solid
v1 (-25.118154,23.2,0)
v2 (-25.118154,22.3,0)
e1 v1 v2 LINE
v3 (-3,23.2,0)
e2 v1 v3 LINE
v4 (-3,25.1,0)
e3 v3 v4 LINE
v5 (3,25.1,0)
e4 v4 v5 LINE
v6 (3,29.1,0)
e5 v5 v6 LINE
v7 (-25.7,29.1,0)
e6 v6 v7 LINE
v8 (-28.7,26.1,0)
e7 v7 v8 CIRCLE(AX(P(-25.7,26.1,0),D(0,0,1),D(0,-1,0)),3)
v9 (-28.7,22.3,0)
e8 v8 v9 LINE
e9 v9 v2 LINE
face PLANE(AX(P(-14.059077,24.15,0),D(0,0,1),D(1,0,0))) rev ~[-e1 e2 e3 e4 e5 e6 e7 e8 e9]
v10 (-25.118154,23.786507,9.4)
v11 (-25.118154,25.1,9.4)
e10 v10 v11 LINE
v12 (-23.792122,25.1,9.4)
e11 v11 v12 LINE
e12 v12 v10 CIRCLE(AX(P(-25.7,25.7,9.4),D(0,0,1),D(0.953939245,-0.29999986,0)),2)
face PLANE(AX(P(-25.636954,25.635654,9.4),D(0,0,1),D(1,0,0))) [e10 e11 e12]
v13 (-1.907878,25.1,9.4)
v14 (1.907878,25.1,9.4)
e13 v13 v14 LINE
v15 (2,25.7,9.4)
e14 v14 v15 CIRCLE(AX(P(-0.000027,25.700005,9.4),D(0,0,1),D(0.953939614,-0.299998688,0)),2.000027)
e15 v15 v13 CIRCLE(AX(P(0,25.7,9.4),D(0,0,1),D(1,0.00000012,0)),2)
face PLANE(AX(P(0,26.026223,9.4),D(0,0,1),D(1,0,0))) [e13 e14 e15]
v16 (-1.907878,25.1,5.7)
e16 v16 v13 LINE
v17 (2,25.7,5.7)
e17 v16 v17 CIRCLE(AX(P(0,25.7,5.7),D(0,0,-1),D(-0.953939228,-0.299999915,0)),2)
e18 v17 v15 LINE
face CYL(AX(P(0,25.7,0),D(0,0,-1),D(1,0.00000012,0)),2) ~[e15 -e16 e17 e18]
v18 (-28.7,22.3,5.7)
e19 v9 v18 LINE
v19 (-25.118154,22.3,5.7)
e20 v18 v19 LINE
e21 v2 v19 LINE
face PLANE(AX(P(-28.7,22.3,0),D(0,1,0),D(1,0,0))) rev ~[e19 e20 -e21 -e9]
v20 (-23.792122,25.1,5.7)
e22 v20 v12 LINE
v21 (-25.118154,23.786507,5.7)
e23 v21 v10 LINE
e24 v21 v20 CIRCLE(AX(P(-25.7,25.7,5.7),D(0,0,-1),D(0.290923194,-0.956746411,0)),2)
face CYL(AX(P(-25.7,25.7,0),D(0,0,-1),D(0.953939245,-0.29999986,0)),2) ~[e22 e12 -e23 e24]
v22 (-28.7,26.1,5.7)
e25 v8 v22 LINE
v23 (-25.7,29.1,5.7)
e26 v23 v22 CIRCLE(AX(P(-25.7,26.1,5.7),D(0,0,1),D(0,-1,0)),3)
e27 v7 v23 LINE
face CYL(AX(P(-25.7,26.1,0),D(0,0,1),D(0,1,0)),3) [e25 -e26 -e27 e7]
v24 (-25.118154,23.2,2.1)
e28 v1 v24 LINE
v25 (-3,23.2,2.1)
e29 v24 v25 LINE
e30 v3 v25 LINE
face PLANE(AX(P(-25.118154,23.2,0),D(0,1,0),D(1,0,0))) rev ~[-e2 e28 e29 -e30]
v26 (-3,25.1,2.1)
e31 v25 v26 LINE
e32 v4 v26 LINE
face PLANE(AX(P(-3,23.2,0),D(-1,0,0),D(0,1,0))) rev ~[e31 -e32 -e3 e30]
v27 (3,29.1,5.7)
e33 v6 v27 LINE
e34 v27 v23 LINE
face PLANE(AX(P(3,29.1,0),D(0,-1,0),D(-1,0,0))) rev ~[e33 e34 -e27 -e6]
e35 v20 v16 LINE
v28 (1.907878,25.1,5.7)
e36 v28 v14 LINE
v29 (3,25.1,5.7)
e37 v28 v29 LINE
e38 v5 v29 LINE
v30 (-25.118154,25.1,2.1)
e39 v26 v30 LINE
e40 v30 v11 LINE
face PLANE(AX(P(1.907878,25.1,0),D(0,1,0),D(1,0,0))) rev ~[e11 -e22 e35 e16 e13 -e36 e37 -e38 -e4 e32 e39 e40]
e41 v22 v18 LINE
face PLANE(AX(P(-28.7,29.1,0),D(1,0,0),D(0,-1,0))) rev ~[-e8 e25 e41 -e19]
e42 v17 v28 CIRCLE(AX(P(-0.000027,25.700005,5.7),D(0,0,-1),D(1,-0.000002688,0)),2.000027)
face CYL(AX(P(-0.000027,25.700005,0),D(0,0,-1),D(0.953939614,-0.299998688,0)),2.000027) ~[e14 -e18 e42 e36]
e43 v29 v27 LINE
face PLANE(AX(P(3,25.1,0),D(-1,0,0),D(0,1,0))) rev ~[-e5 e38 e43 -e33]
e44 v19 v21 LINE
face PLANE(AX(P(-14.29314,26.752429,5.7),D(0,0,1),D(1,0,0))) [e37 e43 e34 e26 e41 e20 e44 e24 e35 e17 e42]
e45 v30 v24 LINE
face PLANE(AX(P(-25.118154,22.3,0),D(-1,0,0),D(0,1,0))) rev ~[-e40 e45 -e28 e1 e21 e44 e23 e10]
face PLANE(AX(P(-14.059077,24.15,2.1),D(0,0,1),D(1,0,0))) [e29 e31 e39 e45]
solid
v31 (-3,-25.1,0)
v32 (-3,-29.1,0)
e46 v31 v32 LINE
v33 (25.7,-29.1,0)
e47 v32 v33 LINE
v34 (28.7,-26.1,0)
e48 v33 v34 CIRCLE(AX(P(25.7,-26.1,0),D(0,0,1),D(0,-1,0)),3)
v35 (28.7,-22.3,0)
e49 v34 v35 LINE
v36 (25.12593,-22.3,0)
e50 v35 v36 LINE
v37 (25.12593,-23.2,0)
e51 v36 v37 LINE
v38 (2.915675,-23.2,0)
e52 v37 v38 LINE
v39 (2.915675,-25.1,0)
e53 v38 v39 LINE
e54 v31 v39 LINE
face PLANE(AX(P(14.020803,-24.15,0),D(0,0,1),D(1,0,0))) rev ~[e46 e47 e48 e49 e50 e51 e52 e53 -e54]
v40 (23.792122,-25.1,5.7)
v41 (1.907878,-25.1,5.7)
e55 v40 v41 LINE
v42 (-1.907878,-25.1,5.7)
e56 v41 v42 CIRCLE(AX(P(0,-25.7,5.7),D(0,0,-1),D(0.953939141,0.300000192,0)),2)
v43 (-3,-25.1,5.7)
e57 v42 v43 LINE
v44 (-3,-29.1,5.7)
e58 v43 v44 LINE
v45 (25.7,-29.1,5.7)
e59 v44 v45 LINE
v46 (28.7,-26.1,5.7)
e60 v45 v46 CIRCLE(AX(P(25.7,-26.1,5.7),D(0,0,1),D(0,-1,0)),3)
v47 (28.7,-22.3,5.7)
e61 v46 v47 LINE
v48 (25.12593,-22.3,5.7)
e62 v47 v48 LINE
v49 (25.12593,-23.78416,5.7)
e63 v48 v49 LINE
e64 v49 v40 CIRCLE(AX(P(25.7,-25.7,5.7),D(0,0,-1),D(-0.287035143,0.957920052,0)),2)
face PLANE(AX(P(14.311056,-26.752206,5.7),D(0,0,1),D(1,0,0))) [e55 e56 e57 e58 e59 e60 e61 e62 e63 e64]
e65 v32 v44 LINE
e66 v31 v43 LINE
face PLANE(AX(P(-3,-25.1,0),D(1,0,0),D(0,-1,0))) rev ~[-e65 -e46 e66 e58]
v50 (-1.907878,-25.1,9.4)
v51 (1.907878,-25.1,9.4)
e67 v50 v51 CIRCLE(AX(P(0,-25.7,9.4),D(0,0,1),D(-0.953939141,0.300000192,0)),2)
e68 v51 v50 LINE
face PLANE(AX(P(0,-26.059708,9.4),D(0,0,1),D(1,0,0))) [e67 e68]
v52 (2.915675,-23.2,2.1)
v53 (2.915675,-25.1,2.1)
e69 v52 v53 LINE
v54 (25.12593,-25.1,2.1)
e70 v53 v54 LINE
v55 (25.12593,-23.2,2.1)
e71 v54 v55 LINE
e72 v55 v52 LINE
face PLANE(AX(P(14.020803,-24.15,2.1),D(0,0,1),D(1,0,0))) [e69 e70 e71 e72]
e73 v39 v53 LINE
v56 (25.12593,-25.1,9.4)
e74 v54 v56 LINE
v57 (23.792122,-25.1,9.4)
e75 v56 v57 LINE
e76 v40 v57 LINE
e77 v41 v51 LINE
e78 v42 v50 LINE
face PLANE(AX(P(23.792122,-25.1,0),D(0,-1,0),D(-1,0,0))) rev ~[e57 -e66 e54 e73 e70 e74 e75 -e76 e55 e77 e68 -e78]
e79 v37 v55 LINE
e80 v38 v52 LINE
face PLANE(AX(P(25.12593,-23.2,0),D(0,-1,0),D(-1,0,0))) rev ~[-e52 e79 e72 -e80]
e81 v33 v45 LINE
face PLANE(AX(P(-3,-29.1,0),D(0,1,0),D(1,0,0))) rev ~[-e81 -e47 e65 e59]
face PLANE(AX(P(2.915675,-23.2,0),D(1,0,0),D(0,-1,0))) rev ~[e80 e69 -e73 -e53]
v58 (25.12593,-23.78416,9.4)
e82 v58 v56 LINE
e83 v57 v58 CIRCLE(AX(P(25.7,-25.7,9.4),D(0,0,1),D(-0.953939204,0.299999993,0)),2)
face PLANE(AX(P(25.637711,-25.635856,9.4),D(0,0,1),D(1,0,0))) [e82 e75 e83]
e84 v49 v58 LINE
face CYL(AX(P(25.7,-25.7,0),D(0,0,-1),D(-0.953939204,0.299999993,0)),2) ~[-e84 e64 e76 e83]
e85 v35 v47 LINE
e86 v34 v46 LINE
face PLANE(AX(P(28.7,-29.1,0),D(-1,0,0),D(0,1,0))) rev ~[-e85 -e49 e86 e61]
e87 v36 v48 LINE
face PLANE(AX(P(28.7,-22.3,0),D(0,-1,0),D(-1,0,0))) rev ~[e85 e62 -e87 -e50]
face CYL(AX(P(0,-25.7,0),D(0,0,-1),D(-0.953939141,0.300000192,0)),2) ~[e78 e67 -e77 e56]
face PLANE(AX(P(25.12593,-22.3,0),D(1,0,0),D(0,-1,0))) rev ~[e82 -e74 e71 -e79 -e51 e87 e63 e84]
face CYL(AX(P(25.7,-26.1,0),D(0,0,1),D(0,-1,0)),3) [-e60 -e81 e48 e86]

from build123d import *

# Parameters (mm, degrees)
F1_DEPTH = 9.4
F2_DEPTH = 5.7
F3_DEPTH = 2.1
F4_R     = 3


with BuildPart() as f1:
    # F0 (on Top) → F1 (new body)
    with BuildSketch(Plane.XY):
        with BuildLine():
            ThreePointArc((23.792122, -25.1), (27.104591, -27.123771), (25.12593, -23.78416))
            Line((25.12593, -23.78416), (25.12593, -25.1))
            Line((25.12593, -25.1), (23.792122, -25.1))
        make_face()
        with BuildLine():
            ThreePointArc((-1.907878, -25.1), (0, -27.7), (1.907878, -25.1))
            Line((1.907878, -25.1), (-1.907878, -25.1))
        make_face()
        with BuildLine():
            Line((-25.118154, 25.1), (-23.792122, 25.1))
            ThreePointArc((-23.792122, 25.1), (-27.107479, 27.120916), (-25.118154, 23.786507))
            Line((-25.118154, 23.786507), (-25.118154, 25.1))
        make_face()
        with BuildLine():
            Line((-1.802776, 25.1), (1.802776, 25.1))
            ThreePointArc((1.802776, 25.1), (0, 27.6), (-1.802776, 25.1))
        make_face()
        with BuildLine():
            Line((1.802776, 25.1), (1.907878, 25.1))
            ThreePointArc((1.907878, 25.1), (1.976835, 25.396485), (2, 25.7))
            ThreePointArc((2, 25.7), (-0.303515, 27.676835), (-1.907878, 25.1))
            Line((-1.907878, 25.1), (-1.802776, 25.1))
            ThreePointArc((-1.802776, 25.1), (0, 27.6), (1.802776, 25.1))
        make_face()
    extrude(amount=F1_DEPTH)

    # F0 (on Top) → F2 (join)
    with BuildSketch(Plane.XY):
        with BuildLine():
            Line((28.7, -22.3), (25.12593, -22.3))
            Line((25.12593, -22.3), (25.12593, -23.2))
            Line((25.12593, -23.2), (25.12593, -23.78416))
            ThreePointArc((25.12593, -23.78416), (27.104591, -27.123771), (23.792122, -25.1))
            Line((23.792122, -25.1), (2.915675, -25.1))
            Line((2.915675, -25.1), (1.907878, -25.1))
            ThreePointArc((1.907878, -25.1), (0, -27.7), (-1.907878, -25.1))
            Line((-1.907878, -25.1), (-2.612185, -25.1))
            Line((-2.612185, -25.1), (-3, -25.1))
            Line((-3, -25.1), (-3, -29.1))
            Line((-3, -29.1), (28.7, -29.1))
            Line((28.7, -29.1), (28.7, -22.3))
        make_face()
        with BuildLine():
            Line((1.907878, 25.1), (3, 25.1))
            Line((3, 25.1), (3, 29.1))
            Line((3, 29.1), (-3, 29.1))
            Line((-3, 29.1), (-28.7, 29.1))
            Line((-28.7, 29.1), (-28.7, 22.3))
            Line((-28.7, 22.3), (-25.118154, 22.3))
            Line((-25.118154, 22.3), (-25.118154, 23.2))
            Line((-25.118154, 23.2), (-25.118154, 23.786507))
            ThreePointArc((-25.118154, 23.786507), (-27.107479, 27.120916), (-23.792122, 25.1))
            Line((-23.792122, 25.1), (-3, 25.1))
            Line((-3, 25.1), (-1.907878, 25.1))
            ThreePointArc((-1.907878, 25.1), (-0.303515, 27.676835), (2, 25.7))
            ThreePointArc((2, 25.7), (1.976835, 25.396485), (1.907878, 25.1))
        make_face()
    extrude(amount=F2_DEPTH)

    # F0 (on Top) → F3 (join)
    with BuildSketch(Plane.XY):
        Polygon((-3, 23.2), (-3, 25.1), (-23.792122, 25.1), (-25.118154, 25.1), (-25.118154, 23.786507), (-25.118154, 23.2), align=None)
        Polygon((25.12593, -23.78416), (25.12593, -23.2), (2.915675, -23.2), (2.915675, -25.1), (23.792122, -25.1), (25.12593, -25.1), align=None)
    extrude(amount=F3_DEPTH)

    # F4
    f4_edges = [f1.edges().sort_by_distance(p)[0] for p in [
        (28.7, -29.1, 2.85),
        (-28.7, 29.1, 2.85),
    ]]
    fillet(f4_edges, radius=F4_R)


solid = f1.part
